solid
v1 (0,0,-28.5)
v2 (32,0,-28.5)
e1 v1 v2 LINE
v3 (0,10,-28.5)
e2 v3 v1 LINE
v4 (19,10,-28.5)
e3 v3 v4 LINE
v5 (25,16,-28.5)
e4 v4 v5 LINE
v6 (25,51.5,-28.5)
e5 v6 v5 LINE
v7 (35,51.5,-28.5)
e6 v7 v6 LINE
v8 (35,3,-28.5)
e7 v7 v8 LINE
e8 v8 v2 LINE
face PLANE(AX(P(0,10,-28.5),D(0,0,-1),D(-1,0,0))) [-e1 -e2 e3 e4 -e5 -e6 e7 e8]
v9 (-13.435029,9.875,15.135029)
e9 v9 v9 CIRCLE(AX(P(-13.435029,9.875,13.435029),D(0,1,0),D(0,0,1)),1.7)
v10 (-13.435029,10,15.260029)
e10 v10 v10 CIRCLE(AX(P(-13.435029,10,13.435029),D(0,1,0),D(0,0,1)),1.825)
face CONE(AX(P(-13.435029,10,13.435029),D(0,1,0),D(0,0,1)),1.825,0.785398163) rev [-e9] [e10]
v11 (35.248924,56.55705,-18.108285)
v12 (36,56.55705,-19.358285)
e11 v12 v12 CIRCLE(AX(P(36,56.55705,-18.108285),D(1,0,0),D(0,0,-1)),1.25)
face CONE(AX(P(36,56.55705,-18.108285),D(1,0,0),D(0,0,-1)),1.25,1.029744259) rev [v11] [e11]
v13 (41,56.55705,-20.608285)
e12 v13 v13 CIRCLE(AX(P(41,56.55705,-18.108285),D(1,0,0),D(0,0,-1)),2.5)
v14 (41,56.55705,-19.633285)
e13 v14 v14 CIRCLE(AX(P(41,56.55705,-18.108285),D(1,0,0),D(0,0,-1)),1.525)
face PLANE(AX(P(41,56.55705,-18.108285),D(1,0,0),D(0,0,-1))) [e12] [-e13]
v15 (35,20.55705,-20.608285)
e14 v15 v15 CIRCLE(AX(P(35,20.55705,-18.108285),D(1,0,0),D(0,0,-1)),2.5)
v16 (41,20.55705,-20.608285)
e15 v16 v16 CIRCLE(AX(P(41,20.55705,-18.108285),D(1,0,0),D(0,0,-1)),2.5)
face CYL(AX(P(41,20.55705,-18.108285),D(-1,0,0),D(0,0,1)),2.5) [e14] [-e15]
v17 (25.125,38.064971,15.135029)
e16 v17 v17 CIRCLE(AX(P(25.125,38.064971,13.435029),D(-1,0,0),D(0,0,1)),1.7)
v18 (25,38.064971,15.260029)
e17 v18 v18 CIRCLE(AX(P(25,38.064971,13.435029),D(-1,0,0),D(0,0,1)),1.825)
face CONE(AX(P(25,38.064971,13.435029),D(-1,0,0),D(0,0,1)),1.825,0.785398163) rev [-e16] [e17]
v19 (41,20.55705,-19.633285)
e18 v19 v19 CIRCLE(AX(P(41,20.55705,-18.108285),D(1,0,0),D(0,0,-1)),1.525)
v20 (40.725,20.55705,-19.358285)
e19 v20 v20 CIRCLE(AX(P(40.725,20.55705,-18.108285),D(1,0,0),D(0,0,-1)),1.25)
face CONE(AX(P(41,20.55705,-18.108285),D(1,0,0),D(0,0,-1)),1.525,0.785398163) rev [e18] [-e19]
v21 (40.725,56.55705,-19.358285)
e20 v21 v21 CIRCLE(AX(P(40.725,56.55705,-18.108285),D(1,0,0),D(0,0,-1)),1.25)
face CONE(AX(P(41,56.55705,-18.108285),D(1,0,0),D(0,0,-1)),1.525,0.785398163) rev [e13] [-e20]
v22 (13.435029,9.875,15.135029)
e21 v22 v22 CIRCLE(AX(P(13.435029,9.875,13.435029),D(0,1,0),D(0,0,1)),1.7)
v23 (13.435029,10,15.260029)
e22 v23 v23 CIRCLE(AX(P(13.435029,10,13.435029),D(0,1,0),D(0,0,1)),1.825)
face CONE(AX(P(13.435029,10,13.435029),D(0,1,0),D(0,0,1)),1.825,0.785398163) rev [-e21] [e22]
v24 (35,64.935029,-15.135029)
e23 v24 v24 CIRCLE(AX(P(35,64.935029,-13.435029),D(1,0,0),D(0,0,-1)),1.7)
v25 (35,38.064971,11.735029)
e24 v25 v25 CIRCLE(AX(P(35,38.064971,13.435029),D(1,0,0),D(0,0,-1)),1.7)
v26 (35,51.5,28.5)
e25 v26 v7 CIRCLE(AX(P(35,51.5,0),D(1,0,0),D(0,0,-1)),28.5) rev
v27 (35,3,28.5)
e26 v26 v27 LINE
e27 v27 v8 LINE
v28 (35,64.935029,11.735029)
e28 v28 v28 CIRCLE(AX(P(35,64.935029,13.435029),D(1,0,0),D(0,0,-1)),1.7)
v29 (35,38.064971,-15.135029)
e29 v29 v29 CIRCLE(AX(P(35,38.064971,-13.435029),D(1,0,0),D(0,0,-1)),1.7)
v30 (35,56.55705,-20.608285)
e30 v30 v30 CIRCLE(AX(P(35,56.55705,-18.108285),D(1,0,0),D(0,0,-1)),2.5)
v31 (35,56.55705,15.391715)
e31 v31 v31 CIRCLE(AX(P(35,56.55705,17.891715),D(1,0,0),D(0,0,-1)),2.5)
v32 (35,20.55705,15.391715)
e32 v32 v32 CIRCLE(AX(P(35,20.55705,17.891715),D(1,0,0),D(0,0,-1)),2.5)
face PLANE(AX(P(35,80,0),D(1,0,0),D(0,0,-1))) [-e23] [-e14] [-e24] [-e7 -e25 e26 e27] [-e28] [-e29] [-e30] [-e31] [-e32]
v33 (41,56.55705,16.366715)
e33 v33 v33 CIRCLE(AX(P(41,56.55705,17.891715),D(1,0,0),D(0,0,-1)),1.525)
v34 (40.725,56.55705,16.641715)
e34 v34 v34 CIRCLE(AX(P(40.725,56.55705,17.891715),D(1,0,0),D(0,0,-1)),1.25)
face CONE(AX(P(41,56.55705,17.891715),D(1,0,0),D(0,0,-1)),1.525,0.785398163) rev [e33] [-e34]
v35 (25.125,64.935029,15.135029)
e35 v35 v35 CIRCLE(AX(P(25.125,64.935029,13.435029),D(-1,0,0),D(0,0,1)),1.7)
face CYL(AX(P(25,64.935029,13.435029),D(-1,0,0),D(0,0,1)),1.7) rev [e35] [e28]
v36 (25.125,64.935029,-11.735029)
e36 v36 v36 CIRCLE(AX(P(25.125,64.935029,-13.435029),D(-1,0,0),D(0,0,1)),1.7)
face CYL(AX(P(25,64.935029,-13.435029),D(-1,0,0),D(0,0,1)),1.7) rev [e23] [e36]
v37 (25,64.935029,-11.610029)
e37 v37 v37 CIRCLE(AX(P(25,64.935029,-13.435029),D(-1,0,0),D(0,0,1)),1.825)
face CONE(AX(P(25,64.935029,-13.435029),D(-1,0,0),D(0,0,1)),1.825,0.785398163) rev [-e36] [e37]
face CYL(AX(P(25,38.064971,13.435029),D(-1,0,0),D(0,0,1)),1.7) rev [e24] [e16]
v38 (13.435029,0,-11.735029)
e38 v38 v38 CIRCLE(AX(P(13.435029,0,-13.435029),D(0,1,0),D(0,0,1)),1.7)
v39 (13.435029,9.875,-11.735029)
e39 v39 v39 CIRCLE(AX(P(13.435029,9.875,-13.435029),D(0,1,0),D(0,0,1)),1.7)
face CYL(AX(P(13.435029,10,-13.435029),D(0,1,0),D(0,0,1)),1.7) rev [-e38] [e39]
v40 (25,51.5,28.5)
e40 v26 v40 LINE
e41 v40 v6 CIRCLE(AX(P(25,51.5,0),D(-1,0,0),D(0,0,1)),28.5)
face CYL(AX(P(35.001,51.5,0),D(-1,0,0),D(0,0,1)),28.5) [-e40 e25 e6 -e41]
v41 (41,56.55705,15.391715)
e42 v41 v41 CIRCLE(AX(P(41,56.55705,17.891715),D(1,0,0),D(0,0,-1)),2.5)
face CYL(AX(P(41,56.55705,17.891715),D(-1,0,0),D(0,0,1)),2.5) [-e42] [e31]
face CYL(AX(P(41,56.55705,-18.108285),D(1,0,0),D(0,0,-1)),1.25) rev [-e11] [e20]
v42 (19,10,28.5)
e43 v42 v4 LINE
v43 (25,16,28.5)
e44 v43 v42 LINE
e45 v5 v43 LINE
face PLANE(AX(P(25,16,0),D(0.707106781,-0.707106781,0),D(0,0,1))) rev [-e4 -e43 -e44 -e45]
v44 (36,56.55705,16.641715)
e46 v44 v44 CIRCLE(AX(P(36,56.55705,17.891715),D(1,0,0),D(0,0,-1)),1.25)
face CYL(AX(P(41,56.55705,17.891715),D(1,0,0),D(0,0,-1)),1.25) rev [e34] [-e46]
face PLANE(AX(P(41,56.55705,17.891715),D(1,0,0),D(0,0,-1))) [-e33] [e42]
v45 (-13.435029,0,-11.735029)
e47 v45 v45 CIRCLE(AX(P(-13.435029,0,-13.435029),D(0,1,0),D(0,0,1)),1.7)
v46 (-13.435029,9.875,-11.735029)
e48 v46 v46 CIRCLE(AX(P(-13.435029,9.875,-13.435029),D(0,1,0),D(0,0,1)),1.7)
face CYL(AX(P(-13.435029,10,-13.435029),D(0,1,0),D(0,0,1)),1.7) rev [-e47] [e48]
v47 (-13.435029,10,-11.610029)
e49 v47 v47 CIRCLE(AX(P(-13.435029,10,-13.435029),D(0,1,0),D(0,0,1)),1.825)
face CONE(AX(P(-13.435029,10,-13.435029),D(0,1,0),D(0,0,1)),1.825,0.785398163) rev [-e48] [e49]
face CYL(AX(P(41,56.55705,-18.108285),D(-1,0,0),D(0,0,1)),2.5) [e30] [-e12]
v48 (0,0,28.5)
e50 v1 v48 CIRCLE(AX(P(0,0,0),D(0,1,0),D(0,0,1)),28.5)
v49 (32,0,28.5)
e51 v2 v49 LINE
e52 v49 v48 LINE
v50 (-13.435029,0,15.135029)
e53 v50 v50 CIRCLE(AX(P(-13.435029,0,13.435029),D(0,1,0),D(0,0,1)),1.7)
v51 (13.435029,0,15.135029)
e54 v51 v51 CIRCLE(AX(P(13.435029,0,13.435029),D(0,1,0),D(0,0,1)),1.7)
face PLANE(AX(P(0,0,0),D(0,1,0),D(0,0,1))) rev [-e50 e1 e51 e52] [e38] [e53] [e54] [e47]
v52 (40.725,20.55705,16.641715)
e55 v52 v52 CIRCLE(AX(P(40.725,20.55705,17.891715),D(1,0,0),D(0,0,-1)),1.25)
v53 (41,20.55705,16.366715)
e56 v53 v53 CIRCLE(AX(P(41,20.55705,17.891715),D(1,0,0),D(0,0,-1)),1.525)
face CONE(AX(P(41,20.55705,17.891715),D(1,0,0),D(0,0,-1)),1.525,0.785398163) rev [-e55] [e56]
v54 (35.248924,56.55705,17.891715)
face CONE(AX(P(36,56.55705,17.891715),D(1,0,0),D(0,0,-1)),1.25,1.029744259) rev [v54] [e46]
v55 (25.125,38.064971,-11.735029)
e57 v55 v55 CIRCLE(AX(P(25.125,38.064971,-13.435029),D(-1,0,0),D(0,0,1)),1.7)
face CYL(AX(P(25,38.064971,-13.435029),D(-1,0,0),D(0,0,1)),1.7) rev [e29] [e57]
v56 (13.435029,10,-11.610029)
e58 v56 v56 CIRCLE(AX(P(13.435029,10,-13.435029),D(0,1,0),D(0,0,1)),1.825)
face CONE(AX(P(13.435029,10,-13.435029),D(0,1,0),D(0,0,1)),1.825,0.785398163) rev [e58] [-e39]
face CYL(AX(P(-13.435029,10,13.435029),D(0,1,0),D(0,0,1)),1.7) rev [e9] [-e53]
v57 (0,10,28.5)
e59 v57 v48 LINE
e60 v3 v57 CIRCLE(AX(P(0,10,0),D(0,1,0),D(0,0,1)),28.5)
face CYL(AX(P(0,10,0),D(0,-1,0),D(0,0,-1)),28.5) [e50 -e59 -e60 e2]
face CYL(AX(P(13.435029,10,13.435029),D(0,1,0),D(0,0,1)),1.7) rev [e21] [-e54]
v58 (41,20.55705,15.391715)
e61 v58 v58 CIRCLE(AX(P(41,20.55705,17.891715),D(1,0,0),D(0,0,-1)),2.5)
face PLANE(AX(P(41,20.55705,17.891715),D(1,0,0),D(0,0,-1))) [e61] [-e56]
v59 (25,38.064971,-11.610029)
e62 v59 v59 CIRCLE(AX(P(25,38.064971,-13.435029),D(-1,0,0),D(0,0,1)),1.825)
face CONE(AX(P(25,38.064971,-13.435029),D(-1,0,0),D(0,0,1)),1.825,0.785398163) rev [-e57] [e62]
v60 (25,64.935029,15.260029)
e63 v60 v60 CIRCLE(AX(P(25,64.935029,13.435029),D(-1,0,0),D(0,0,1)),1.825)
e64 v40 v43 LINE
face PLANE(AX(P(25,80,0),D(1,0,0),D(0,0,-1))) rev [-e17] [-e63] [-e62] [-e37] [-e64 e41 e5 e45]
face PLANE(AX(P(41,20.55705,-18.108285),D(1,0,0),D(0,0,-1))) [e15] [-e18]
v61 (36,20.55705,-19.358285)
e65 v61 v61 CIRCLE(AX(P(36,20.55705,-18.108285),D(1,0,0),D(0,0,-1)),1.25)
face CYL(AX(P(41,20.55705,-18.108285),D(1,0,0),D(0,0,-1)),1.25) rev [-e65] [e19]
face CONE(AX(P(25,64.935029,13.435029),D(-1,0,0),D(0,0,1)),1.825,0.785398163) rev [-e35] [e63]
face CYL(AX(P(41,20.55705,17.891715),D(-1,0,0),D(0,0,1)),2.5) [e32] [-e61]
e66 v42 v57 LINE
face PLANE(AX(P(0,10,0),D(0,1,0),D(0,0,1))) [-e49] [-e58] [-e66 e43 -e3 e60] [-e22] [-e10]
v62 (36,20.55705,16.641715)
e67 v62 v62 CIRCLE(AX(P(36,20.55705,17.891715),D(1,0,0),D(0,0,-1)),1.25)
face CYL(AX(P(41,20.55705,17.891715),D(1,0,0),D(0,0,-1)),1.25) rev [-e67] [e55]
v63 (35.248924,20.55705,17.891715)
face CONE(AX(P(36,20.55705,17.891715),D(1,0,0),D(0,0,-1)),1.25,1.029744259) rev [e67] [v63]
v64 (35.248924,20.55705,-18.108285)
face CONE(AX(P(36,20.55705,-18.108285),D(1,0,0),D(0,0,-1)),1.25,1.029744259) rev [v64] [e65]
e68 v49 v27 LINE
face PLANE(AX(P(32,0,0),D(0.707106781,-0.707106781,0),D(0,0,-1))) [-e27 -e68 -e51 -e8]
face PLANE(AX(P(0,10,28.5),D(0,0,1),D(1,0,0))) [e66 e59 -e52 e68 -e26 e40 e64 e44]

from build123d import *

# Parameters (mm, degrees)
EXTRUDE_1_DEPTH              = 10
SKETCH_2_3_W                 = 10
SKETCH_2_3_H                 = 57
EXTRUDE_2_DEPTH              = 80
HOLE_WIZARD_M3_2_D           = 3.4
HOLE_WIZARD_M3_2_CSINK_D     = 3.65
HOLE_WIZARD_M3_2_CSINK_ANGLE = 90
CUT_EXTRUDE_1_REACH          = 102.372
HOLE_WIZARD_M3_3_D           = 3.4
HOLE_WIZARD_M3_3_CSINK_D     = 3.65
HOLE_WIZARD_M3_3_CSINK_ANGLE = 90
CHAMFER_2_SIZE               = 3
CHAMFER_3_SIZE               = 6
PATTERN_CIRCULAR_1_COUNT     = 4
SKETCH_13_R                  = 2.5
EXTRUDE_3_DEPTH              = 6
HOLE_WIZARD_M3_1_D           = 2.5
HOLE_WIZARD_M3_1_DEPTH       = 5
HOLE_WIZARD_M3_1_CSINK_D     = 3.05
HOLE_WIZARD_M3_1_CSINK_ANGLE = 90
HOLE_WIZARD_M3_1_TIP         = 0.751075774


with BuildPart() as part:
    # 草图2 → 凸台-拉伸1 (new body)
    with BuildSketch(Plane(origin=(0, 0, 0), x_dir=(1, 0, 0), z_dir=(0, 1, 0))):
        with BuildLine():
            Line((25, 28.5), (0, 28.5))
            ThreePointArc((0, 28.5), (-28.5, 0), (0, -28.5))
            Line((0, -28.5), (25, -28.5))
            Line((25, -28.5), (25, 28.5))
        make_face()
    extrude(amount=EXTRUDE_1_DEPTH)

    # 草图2<3> → 凸台-拉伸2 (add)
    with BuildSketch(Plane(origin=(0, 0, 0), x_dir=(1, 0, 0), z_dir=(0, 1, 0))):
        with Locations((30, 0)):
            Rectangle(SKETCH_2_3_W, SKETCH_2_3_H)
    extrude(amount=EXTRUDE_2_DEPTH)

    # M3 间隙孔2 (through all)
    with Locations(Plane(origin=(0, 10, 0), x_dir=(1, 0, 0), z_dir=(0, 1, 0))):
        with Locations((-13.435028843, 13.435028843), (13.435028843, 13.435028843), (13.435028843, -13.435028843), (-13.435028843, -13.435028843)):
            CounterSinkHole(HOLE_WIZARD_M3_2_D / 2, HOLE_WIZARD_M3_2_CSINK_D / 2, counter_sink_angle=HOLE_WIZARD_M3_2_CSINK_ANGLE)

    # 草图10 → 切除-拉伸1 (cut, up to next)
    with BuildSketch(Plane.ZY.offset(-25), mode=Mode.PRIVATE) as cut_extrude_1_sk1:
        with BuildLine():
            ThreePointArc((-28.5, 51.5), (-20.152543264, 71.652543264), (0, 80))
            Line((0, 80), (-28.5, 80))
            Line((-28.5, 80), (-28.5, 51.5))
        make_face()
    cut_extrude_1_tool1 = extrude(cut_extrude_1_sk1.sketch, amount=-CUT_EXTRUDE_1_REACH, mode=Mode.PRIVATE) & part.part
    # 草图10 → 切除-拉伸1 (cut, up to next)
    with BuildSketch(Plane.ZY.offset(-25), mode=Mode.PRIVATE) as cut_extrude_1_sk2:
        with BuildLine():
            Line((28.5, 80), (0, 80))
            ThreePointArc((0, 80), (20.152543264, 71.652543264), (28.5, 51.5))
            Line((28.5, 51.5), (28.5, 80))
        make_face()
    cut_extrude_1_tool2 = extrude(cut_extrude_1_sk2.sketch, amount=-CUT_EXTRUDE_1_REACH, mode=Mode.PRIVATE) & part.part
    add(cut_extrude_1_tool1.solids().sort_by_distance((25, 73.634014, -22.134014))[0], mode=Mode.SUBTRACT)
    add(cut_extrude_1_tool2.solids().sort_by_distance((25, 73.634014, 22.134014))[0], mode=Mode.SUBTRACT)

    # M3 间隙孔3 (through all)
    with Locations(Plane.ZY.offset(-25)):
        with Locations((13.435028843, 64.935028843)):
            hole_wizard_m3_3 = CounterSinkHole(HOLE_WIZARD_M3_3_D / 2, HOLE_WIZARD_M3_3_CSINK_D / 2, counter_sink_angle=HOLE_WIZARD_M3_3_CSINK_ANGLE)

    # 倒角2
    chamfer_2_edges = [part.edges().sort_by_distance(p)[0] for p in [
        (35, 0, 0),
    ]]
    chamfer(chamfer_2_edges, length=CHAMFER_2_SIZE)

    # 倒角3
    chamfer_3_edges = [part.edges().sort_by_distance(p)[0] for p in [
        (25, 10, 0),
    ]]
    chamfer(chamfer_3_edges, length=CHAMFER_3_SIZE)

    # 阵列(圆周)1: M3 间隙孔3 ×4 about axis
    pattern_circular_1_axis = Axis((0, 51.5, 0), (1, 0, 0))
    for i in range(1, PATTERN_CIRCULAR_1_COUNT):
        add(hole_wizard_m3_3.rotate(pattern_circular_1_axis, i * 360 / PATTERN_CIRCULAR_1_COUNT), mode=Mode.SUBTRACT)

    # 草图13 → 凸台-拉伸3 (add)
    with BuildSketch(Plane(origin=(35, 0, 0), x_dir=(0, 0, -1), z_dir=(1, 0, 0))):
        with Locations((-17.891714588, 56.557050395)):
            Circle(SKETCH_13_R)
        with Locations((18.108285412, 56.557050395)):
            Circle(SKETCH_13_R)
        with Locations((18.108285412, 20.557050395)):
            Circle(SKETCH_13_R)
        with Locations((-17.891714588, 20.557050395)):
            Circle(SKETCH_13_R)
    extrude(amount=EXTRUDE_3_DEPTH)

    # M3 螺纹孔1
    with Locations(Plane(origin=(41, 0, 0), x_dir=(0, 0, -1), z_dir=(1, 0, 0))):
        with Locations((-17.891714588, 56.557050395), (18.108285412, 56.557050395), (-17.891714588, 20.557050395), (18.108285412, 20.557050395)):
            CounterSinkHole(HOLE_WIZARD_M3_1_D / 2, HOLE_WIZARD_M3_1_CSINK_D / 2, depth=HOLE_WIZARD_M3_1_DEPTH, counter_sink_angle=HOLE_WIZARD_M3_1_CSINK_ANGLE)
            with Locations((0, 0, -(HOLE_WIZARD_M3_1_DEPTH + HOLE_WIZARD_M3_1_TIP / 2))):  # 118° drill point
                Cone(0, HOLE_WIZARD_M3_1_D / 2, HOLE_WIZARD_M3_1_TIP, mode=Mode.SUBTRACT)


solid = part.part
